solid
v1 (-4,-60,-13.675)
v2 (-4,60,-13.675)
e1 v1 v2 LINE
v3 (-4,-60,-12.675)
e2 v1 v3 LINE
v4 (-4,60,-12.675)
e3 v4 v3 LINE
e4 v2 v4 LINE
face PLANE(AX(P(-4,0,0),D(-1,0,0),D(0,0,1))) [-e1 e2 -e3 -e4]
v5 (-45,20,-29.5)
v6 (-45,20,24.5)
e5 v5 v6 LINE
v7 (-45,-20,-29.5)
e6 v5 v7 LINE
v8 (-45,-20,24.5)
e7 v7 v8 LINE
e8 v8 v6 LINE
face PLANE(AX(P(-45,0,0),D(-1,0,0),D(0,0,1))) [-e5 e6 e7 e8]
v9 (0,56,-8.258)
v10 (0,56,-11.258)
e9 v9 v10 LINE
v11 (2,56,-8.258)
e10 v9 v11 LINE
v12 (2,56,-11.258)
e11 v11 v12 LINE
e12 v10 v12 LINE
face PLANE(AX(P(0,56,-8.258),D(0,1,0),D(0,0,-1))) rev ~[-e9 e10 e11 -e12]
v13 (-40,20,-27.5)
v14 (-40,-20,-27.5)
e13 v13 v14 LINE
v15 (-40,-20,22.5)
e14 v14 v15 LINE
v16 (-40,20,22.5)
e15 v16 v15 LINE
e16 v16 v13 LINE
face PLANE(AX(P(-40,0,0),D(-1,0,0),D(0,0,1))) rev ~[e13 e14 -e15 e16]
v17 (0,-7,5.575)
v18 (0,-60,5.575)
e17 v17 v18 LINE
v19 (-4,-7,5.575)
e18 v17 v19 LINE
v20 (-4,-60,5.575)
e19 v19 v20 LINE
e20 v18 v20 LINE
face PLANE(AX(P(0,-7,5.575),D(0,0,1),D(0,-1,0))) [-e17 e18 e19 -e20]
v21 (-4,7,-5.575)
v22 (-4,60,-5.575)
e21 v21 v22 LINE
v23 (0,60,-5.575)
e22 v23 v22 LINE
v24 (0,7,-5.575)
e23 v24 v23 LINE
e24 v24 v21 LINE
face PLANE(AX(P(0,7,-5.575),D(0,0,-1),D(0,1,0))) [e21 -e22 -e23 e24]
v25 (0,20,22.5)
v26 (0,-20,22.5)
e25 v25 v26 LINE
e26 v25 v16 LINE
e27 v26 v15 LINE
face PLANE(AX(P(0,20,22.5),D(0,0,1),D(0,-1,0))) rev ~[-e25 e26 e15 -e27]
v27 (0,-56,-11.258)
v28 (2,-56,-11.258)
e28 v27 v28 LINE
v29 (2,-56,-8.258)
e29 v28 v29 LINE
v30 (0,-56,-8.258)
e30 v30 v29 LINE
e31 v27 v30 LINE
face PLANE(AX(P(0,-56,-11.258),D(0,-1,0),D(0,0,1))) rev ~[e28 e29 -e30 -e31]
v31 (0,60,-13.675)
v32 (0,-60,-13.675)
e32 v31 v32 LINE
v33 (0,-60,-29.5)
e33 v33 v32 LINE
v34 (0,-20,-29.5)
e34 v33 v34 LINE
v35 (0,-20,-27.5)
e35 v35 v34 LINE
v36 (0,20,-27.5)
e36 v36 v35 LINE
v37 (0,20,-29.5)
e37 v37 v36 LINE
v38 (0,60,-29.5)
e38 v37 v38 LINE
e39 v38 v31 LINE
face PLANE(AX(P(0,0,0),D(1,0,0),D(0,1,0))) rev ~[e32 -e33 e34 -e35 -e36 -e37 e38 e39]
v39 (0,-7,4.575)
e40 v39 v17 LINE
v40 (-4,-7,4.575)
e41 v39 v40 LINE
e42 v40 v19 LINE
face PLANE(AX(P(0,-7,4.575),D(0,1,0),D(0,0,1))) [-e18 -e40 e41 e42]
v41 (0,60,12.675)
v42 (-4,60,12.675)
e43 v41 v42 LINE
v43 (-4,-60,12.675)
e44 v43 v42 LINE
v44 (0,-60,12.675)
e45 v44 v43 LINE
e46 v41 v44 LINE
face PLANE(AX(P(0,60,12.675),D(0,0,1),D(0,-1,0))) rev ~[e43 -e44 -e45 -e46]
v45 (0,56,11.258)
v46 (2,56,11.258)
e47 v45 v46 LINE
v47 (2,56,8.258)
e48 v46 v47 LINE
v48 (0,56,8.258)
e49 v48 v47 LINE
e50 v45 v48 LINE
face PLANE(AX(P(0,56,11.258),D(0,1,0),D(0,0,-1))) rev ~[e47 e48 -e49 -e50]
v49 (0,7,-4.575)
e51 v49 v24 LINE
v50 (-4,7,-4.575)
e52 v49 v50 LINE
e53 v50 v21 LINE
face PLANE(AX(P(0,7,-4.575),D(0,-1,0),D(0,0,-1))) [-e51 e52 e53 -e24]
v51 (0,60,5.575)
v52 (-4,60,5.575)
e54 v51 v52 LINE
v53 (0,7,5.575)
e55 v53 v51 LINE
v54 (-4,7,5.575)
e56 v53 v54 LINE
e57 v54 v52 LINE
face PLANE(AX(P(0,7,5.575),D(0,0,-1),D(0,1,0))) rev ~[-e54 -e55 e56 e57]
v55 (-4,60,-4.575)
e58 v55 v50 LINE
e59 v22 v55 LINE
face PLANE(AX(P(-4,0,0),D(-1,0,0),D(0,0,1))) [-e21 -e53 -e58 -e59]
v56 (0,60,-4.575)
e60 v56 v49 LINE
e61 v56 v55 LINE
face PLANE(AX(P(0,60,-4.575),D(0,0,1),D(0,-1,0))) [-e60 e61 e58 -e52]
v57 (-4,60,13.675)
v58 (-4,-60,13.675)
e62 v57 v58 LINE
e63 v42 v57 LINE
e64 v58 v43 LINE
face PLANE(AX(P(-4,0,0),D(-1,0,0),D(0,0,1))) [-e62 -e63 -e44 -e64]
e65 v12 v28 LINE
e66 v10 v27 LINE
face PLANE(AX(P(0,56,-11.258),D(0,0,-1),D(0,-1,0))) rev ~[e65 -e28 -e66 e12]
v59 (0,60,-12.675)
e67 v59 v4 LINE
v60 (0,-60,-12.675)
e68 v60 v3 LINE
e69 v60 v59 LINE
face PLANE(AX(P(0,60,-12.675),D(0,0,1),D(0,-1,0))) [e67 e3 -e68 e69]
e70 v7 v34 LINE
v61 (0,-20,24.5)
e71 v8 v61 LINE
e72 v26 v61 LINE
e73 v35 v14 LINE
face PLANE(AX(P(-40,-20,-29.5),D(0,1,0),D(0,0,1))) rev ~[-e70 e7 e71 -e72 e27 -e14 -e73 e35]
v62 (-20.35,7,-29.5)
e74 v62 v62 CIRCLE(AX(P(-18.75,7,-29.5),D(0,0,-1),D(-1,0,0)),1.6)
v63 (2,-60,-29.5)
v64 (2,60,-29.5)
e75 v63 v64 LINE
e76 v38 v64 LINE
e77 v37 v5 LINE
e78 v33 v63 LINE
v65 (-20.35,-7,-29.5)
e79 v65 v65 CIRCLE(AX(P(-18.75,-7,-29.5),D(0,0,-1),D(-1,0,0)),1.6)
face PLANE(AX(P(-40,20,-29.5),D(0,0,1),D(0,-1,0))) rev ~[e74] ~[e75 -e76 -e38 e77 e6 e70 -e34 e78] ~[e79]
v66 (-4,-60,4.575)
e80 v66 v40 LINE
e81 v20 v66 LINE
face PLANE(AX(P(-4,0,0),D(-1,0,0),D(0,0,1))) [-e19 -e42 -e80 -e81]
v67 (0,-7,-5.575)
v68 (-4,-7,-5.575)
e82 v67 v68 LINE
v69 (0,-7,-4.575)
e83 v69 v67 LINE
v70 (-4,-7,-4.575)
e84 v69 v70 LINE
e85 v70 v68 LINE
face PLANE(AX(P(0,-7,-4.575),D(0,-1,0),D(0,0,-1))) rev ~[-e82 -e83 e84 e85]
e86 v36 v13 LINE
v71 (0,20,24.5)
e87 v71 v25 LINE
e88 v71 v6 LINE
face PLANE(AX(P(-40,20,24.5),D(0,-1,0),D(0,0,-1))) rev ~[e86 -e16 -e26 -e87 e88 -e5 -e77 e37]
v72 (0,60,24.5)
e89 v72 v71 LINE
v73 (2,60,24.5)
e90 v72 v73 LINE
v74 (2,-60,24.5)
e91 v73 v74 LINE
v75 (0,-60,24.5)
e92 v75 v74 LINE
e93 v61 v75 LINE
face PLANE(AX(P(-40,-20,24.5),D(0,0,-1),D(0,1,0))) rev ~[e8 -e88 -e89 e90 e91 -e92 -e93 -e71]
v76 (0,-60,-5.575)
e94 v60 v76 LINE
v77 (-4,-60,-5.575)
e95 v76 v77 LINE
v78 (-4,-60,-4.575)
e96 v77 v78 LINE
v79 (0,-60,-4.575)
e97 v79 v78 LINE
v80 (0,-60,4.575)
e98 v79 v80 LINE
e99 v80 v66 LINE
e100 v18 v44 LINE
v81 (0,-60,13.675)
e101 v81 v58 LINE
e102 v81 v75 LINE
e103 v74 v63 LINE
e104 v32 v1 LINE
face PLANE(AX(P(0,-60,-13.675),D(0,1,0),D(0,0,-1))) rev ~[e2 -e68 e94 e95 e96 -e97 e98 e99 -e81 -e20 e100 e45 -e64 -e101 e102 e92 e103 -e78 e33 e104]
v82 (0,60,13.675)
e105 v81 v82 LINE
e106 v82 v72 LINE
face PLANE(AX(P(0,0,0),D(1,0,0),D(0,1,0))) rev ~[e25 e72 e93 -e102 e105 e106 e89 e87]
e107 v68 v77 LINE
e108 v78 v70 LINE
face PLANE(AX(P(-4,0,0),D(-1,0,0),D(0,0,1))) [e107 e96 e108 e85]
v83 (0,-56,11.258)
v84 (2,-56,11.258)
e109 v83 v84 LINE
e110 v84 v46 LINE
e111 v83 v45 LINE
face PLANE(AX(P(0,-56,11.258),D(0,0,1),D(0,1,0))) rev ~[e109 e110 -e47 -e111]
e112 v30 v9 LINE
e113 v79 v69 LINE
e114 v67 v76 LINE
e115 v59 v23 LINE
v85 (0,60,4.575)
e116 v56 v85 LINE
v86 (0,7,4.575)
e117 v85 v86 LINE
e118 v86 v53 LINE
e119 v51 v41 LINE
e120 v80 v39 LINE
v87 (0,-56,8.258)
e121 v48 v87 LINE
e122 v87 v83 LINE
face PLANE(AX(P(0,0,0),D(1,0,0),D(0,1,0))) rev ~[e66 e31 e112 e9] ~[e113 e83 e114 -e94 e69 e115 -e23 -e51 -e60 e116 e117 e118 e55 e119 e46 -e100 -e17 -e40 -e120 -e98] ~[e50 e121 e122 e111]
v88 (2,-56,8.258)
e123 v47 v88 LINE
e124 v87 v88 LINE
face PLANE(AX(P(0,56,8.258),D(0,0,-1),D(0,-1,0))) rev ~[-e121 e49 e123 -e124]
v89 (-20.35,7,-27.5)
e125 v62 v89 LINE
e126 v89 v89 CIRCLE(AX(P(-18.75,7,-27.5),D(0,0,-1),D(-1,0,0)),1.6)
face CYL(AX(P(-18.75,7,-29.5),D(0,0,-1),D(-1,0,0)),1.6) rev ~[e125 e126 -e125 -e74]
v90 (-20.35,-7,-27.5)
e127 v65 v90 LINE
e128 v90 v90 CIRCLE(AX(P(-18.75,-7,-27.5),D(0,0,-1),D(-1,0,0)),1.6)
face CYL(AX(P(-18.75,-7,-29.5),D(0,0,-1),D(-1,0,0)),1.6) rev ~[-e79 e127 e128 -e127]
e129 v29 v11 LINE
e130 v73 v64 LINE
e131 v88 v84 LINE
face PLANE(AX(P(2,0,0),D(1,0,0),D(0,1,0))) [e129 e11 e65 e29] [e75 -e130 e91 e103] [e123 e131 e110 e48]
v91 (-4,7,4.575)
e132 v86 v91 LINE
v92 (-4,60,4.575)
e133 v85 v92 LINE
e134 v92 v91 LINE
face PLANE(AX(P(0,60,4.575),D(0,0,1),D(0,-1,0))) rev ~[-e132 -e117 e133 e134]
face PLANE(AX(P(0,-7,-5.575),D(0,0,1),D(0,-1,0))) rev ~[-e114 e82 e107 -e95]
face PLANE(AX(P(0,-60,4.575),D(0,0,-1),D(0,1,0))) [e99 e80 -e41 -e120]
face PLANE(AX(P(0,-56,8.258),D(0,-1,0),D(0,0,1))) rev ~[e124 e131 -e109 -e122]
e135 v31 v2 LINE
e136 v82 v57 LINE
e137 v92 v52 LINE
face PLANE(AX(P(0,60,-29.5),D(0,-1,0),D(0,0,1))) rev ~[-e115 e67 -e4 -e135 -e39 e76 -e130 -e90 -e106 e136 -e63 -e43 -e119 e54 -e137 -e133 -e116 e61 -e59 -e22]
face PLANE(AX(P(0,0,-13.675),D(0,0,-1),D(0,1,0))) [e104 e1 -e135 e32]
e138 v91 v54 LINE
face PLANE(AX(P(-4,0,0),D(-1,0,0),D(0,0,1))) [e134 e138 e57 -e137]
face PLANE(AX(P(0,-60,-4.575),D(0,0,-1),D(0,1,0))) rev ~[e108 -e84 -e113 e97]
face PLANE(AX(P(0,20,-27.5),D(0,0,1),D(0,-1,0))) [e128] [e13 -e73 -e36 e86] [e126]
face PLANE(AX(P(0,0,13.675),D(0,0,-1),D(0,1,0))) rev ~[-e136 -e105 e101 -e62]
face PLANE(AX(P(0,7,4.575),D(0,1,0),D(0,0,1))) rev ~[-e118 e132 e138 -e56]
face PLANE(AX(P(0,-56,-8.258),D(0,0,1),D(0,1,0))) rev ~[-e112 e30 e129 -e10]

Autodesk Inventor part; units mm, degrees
ref_plane "YZ Plane" through (0, 0, 0) normal (1, 0, 0) x (0, 1, 0)
ref_plane "XZ Plane" through (0, 0, 0) normal (0, 1, 0) x (-1, 0, 0)
ref_plane "XY Plane" through (0, 0, 0) normal (0, 0, 1) x (1, 0, 0)
sketch "スケッチ1" plane through (0, 0, 0) normal (1, 0, 0) x (0, 1, 0)
  line L0 (60, -13.675) -> (-60, -13.675)
  line L1 (-60, -13.675) -> (-60, 13.675)
  line L2 (-60, 13.675) -> (60, 13.675)
  line L3 (60, 13.675) -> (60, -13.675)
  line L4 (60, -13.675) -> (-60, 13.675) construction
  line L5 (-60, -13.675) -> (60, 13.675) construction
  line L6 (-56, 11.258) -> (56, 11.258)
  line L7 (56, 11.258) -> (56, 8.258)
  line L8 (56, 8.258) -> (-56, 8.258)
  line L9 (-56, 8.258) -> (-56, 11.258)
  line L10 (-56, -8.258) -> (56, -8.258)
  line L11 (56, -8.258) -> (56, -11.258)
  line L12 (56, -11.258) -> (-56, -11.258)
  line L13 (-56, -11.258) -> (-56, -8.258)
  line L14 (60, -13.675) -> (-60, -13.675)
  line L15 (-60, -13.675) -> (-60, -29.5)
  line L16 (-60, -29.5) -> (60, -29.5)
  line L17 (60, -29.5) -> (60, -13.675)
  line L18 (-60, 13.675) -> (60, 13.675)
  line L19 (60, 13.675) -> (60, 24.5)
  line L20 (60, 24.5) -> (-60, 24.5)
  line L21 (-60, 24.5) -> (-60, 13.675)
  point P0 (0, 0)
  point P1 (0, 0)
  point P2 (56, 9.758)
  point P3 (56, -9.758)
  point P4 (0, 0)
  dimension "d1" = 120
  dimension "d3" = 9.758
  dimension "d6" = 3
  dimension "d11" = 9.758
  dimension "d15" = 2.417
  dimension "d26" = 4
  dimension "d27" = 4
  dimension "d41" = 29.5
  dimension "d53" = 54
extrude "押し出し1" add sketch "スケッチ1" along normal blind 2
sketch "スケッチ3" plane through (0, 0, 0) normal (-1, 0, 0) x (0, 0, 1)
  line L0 (-29.5, 60) -> (24.5, 60) projected
  line L1 (5.575, 60) -> (4.575, 60)
  line L2 (4.575, 60) -> (4.575, 7)
  line L3 (4.575, 7) -> (5.575, 7)
  line L4 (5.575, 7) -> (5.575, 60)
  line L5 (13.675, 60) -> (12.675, 60)
  line L6 (12.675, 60) -> (12.675, 0)
  line L7 (12.675, 0) -> (13.675, 0)
  line L8 (13.675, 0) -> (13.675, 60)
  line L9 (0, 0) -> (4.575, 0)
  line L10 (0, 0) -> (0, 19.0491)
  line L11 (5.575, -60) -> (4.575, -60)
  line L12 (4.575, -60) -> (4.575, -7)
  line L13 (4.575, -7) -> (5.575, -7)
  line L14 (5.575, -7) -> (5.575, -60)
  line L15 (13.675, -60) -> (12.675, -60)
  line L16 (12.675, -60) -> (12.675, 0)
  line L17 (13.675, 0) -> (13.675, -60)
  line L18 (-5.575, 60) -> (-4.575, 60)
  line L19 (-4.575, 60) -> (-4.575, 7)
  line L20 (-4.575, 7) -> (-5.575, 7)
  line L21 (-5.575, 7) -> (-5.575, 60)
  line L22 (-13.675, 60) -> (-12.675, 60)
  line L23 (-12.675, 60) -> (-12.675, 0)
  line L24 (-12.675, 0) -> (-13.675, 0)
  line L25 (-13.675, 0) -> (-13.675, 60)
  line L26 (-5.575, -60) -> (-4.575, -60)
  line L27 (-4.575, -60) -> (-4.575, -7)
  line L28 (-4.575, -7) -> (-5.575, -7)
  line L29 (-5.575, -7) -> (-5.575, -60)
  line L30 (-13.675, -60) -> (-12.675, -60)
  line L31 (-12.675, -60) -> (-12.675, 0)
  line L32 (-13.675, 0) -> (-13.675, -60)
  dimension "d31" = 1
  dimension "d33" = 1
  dimension "d34" = 60
  dimension "d35" = 7.1
  dimension "d36" = 7
  dimension "d54" = 13.675
extrude "押し出し4" add sketch "スケッチ3" along normal blind 4
sketch "スケッチ5" plane through (0, 0, 0) normal (-1, 0, 0) x (0, 0, 1)
  line L0 (-29.5, -60) -> (-29.5, 60) projected
  line L1 (-29.5, 20) -> (-27.5, 20)
  line L2 (-27.5, 20) -> (-27.5, -20)
  line L3 (-27.5, -20) -> (-29.5, -20)
  line L4 (-29.5, -20) -> (-29.5, 60)
  line L5 (24.5, 60) -> (24.5, -60) projected
  line L6 (24.5, 20) -> (22.5, 20)
  line L7 (22.5, 20) -> (22.5, -20)
  line L8 (22.5, -20) -> (24.5, -20)
  line L9 (24.5, -20) -> (24.5, 20)
  point P0 (0, 0)
  point P1 (-29.5, -20)
  dimension "d42" = 2
  dimension "d55" = 20
  dimension "d56" = 20
  dimension "d57" = 2
extrude "押し出し5" add sketch "スケッチ5" along normal blind 40
sketch "スケッチ6" plane through (2, -60, -29.5) normal (0, 0, -1) x (-1, 0, 0)
  circle A0 centre (20.75, 67) radius 1.6
  circle A1 centre (20.75, 53) radius 1.6
  line L0 (0, 0) -> (0, 120) projected
  point P0 (2, 60)
  point P1 (0, 60)
  dimension "d45" = 3.2
  dimension "d46" = 3.2
  dimension "d47" = 14
  dimension "d48" = 7
  dimension "d49" = 20.75
  dimension "d50" = 20.75
extrude "押し出し6" cut sketch "スケッチ6" against normal blind 2
sketch "スケッチ7" plane through (-40, 0, 0) normal (-1, 0, 0) x (0, 0, 1)
  line L0 (24.5, 20) -> (22.5, 20) projected
  line L1 (-29.5, 20) -> (-29.5, -20) projected
  line L2 (24.5, 20) -> (-29.5, 20)
  line L3 (-29.5, 20) -> (-29.5, -20)
  line L4 (-29.5, -20) -> (24.5, -20)
  line L5 (24.5, -20) -> (24.5, 20)
  point P0 (0, 0)
extrude "押し出し7" add sketch "スケッチ7" along normal blind 5
equation "\"d3\" = d11"
equation "\"d55\" = d56"
equation "\"d2\" = 0.25 * d0"
equation "\"d0\" = 30"
